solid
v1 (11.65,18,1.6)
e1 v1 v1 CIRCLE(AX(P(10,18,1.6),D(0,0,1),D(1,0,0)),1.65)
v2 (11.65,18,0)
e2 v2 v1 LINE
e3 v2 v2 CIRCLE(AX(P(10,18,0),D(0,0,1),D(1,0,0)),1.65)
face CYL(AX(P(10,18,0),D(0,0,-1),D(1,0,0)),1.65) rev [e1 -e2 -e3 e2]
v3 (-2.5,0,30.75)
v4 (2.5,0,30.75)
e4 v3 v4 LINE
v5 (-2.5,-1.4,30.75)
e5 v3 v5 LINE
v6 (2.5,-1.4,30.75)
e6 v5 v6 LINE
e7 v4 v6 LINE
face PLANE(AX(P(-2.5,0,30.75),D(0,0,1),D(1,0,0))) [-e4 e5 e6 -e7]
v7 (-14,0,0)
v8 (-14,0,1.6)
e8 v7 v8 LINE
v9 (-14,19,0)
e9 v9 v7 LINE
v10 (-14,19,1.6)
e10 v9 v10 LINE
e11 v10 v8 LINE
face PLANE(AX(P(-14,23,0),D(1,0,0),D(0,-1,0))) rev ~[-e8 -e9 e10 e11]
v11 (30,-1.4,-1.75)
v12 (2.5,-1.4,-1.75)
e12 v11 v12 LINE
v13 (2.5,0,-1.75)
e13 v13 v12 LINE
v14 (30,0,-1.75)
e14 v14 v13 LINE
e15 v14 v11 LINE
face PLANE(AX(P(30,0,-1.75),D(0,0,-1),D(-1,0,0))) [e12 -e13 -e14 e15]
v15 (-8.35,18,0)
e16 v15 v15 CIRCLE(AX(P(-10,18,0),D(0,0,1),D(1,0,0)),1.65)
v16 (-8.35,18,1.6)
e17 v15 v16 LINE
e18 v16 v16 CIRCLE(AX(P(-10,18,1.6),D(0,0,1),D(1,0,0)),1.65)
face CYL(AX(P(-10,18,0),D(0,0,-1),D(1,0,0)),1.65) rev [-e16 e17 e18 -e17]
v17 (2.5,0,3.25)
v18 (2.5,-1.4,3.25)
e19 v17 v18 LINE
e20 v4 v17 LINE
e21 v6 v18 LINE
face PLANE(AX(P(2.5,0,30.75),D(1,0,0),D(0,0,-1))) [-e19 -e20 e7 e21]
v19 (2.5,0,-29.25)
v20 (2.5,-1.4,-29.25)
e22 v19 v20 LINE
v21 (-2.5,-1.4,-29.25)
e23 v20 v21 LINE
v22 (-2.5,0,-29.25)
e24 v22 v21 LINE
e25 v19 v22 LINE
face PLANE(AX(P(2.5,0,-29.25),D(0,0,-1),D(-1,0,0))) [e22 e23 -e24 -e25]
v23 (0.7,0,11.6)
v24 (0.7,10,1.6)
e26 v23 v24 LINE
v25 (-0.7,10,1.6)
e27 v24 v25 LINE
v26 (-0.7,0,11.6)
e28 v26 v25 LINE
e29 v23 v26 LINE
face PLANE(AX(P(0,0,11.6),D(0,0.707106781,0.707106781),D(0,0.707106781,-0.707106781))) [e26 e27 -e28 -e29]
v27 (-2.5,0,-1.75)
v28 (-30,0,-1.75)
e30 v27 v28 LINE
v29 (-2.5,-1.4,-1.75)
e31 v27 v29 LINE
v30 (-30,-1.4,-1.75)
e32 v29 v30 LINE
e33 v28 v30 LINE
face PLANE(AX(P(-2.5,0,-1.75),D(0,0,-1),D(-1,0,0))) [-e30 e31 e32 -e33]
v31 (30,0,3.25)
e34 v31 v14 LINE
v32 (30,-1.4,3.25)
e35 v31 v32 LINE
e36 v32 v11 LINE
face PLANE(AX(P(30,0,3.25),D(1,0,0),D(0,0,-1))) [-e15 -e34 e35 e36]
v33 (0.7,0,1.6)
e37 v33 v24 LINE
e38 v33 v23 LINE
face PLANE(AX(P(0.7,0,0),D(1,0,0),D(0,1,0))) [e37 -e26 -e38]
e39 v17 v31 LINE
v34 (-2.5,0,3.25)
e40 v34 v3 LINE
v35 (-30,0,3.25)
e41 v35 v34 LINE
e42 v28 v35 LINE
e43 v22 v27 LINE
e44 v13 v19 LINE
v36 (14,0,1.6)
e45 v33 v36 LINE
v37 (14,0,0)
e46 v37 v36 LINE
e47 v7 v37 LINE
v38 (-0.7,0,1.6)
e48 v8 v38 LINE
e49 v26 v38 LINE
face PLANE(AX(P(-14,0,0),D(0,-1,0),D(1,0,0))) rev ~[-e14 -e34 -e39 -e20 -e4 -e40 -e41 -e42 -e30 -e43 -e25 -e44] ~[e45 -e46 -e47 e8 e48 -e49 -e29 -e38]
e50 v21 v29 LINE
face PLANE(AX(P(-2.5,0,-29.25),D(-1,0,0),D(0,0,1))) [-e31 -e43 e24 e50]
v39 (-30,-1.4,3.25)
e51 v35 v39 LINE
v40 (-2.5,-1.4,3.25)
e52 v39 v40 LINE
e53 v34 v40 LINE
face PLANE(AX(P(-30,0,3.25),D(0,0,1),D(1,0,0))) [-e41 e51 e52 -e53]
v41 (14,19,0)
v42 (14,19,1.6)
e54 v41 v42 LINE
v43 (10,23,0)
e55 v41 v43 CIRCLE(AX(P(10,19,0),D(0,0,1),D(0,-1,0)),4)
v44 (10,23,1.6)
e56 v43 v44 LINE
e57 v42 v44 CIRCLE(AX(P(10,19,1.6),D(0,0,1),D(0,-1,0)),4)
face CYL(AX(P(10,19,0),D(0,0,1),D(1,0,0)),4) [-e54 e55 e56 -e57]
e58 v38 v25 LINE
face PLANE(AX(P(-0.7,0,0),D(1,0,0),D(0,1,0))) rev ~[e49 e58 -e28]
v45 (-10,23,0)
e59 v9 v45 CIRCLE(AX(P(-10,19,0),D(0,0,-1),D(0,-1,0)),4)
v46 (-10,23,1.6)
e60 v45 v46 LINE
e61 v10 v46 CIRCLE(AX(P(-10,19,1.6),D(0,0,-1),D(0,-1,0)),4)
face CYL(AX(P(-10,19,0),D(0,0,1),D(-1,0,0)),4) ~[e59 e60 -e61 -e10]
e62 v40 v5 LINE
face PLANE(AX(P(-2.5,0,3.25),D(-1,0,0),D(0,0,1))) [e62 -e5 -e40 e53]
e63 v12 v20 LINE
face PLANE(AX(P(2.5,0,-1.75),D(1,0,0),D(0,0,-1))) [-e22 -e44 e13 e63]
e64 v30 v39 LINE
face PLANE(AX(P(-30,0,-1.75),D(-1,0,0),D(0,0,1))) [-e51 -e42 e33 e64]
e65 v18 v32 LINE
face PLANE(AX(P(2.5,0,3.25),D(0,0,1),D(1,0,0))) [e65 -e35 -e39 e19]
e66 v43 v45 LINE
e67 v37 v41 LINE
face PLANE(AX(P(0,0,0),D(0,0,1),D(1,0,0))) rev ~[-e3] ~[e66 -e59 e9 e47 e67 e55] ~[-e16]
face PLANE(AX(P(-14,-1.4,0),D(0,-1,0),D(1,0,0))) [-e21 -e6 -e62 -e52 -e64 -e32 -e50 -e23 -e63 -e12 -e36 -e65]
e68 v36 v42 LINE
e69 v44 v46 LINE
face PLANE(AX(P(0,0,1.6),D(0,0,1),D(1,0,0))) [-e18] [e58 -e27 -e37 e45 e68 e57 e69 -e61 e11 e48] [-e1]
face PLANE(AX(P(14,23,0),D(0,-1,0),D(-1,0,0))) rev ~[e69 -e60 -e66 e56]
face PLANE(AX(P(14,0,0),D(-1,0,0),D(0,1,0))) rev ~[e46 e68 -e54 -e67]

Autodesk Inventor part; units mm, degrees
ref_plane "YZ Plane" through (0, 0, 0) normal (1, 0, 0) x (0, 1, 0)
ref_plane "XZ Plane" through (0, 0, 0) normal (0, 1, 0) x (-1, 0, 0)
ref_plane "XY Plane" through (0, 0, 0) normal (0, 0, 1) x (1, 0, 0)
sketch "スケッチ1" plane through (0, 0, 0) normal (0, 0, 1) x (1, 0, 0)
  line L0 (-14, 0) -> (14, 0)
  line L1 (14, 0) -> (14, 23)
  line L2 (14, 23) -> (-14, 23)
  line L3 (-14, 23) -> (-14, 0)
  circle A0 centre (-10, 18) radius 1.65
  circle A1 centre (10, 18) radius 1.65
  point P0 (0, 0)
  dimension "d0" = 3.3
  dimension "d1" = 3.3
  dimension "d2" = 0
  dimension "d3" = 20
  dimension "d4" = 18
  dimension "d5" = 10
  dimension "d6" = 23
  dimension "d7" = 28
  dimension "d8" = 14
  dimension "d9" = 0
extrude "押し出し1" add sketch "スケッチ1" along normal blind 1.6
sketch "スケッチ2" plane through (-14, 0, 0) normal (0, -1, 0) x (1, 0, 0)
  line L0 (0, 0) -> (28, 0) projected
  line L1 (28, 0) -> (28, 1.6) projected
  line L2 (0, 1.6) -> (28, 1.6) projected
  line L3 (0, 0) -> (0, 1.6) projected
  line L4 (-16, 3.25) -> (44, 3.25)
  line L5 (44, 3.25) -> (44, -1.75)
  line L6 (44, -1.75) -> (-16, -1.75)
  line L7 (-16, -1.75) -> (-16, 3.25)
  line L8 (11.5, 30.75) -> (16.5, 30.75)
  line L9 (16.5, 30.75) -> (16.5, -29.25)
  line L10 (16.5, -29.25) -> (11.5, -29.25)
  line L11 (11.5, -29.25) -> (11.5, 30.75)
  point P0 (14, 0)
  dimension "d12" = 60
  dimension "d13" = 60
  dimension "d14" = 5
  dimension "d15" = 5
  dimension "d16" = 1.75
  dimension "d17" = 2.5
  dimension "d18" = 30
  dimension "d19" = 29.25
extrude "押し出し2" add sketch "スケッチ2" along normal blind 1.4
sketch "スケッチ3" plane through (0, 0, 0) normal (1, 0, 0) x (0, 1, 0)
  line L0 (-1.4, 3.25) -> (0, 3.25) projected
  line L1 (0, 30.75) -> (0, 3.25) projected
  line L2 (0, 30.75) -> (-1.4, 30.75) projected
  line L3 (-1.4, 3.25) -> (-1.4, 30.75) projected
  line L4 (0, -1.75) -> (-1.4, -1.75) projected
  line L5 (-1.4, -29.25) -> (-1.4, -1.75) projected
  line L6 (0, -29.25) -> (-1.4, -29.25) projected
  line L7 (0, -1.75) -> (0, -29.25) projected
  line L8 (0, 0) -> (23, 0) projected
  line L9 (23, 0) -> (23, 1.6) projected
  line L10 (0, 1.6) -> (23, 1.6) projected
  line L11 (0, 0) -> (0, 1.6) projected
  line L12 (0, 11.6) -> (10, 1.6)
  line L13 (10, 0) -> (0, -10)
  line L14 (10, 0) -> (10, 1.6)
  line L15 (0, 1.6) -> (10, 1.6)
  line L16 (10, 0) -> (0, 0)
  line L17 (0, -10) -> (0, 0)
  line L18 (0, 1.6) -> (0, 11.6)
  dimension "d22" = 45
  dimension "d23" = 45
  dimension "d24" = 0
  dimension "d25" = 10
extrude "押し出し3" add sketch "スケッチ3" along normal mid plane 1.4 contours L1 L12 L10 L18
fillet "フィレット1" radius 4 2 edges at (-14, 23, 0.8) (14, 23, 0.8)
equation "\"d1\" = d0"
equation "\"d5\" = 0.5 * d3"
equation "\"d8\" = 0.5 * d7"
equation "\"d13\" = d12"
equation "\"d15\" = d14"
equation "\"d17\" = 0.5 * d15"
equation "\"d18\" = 0.5 * d13"
equation "\"d23\" = d22"
properties part number "thrust-checker"
